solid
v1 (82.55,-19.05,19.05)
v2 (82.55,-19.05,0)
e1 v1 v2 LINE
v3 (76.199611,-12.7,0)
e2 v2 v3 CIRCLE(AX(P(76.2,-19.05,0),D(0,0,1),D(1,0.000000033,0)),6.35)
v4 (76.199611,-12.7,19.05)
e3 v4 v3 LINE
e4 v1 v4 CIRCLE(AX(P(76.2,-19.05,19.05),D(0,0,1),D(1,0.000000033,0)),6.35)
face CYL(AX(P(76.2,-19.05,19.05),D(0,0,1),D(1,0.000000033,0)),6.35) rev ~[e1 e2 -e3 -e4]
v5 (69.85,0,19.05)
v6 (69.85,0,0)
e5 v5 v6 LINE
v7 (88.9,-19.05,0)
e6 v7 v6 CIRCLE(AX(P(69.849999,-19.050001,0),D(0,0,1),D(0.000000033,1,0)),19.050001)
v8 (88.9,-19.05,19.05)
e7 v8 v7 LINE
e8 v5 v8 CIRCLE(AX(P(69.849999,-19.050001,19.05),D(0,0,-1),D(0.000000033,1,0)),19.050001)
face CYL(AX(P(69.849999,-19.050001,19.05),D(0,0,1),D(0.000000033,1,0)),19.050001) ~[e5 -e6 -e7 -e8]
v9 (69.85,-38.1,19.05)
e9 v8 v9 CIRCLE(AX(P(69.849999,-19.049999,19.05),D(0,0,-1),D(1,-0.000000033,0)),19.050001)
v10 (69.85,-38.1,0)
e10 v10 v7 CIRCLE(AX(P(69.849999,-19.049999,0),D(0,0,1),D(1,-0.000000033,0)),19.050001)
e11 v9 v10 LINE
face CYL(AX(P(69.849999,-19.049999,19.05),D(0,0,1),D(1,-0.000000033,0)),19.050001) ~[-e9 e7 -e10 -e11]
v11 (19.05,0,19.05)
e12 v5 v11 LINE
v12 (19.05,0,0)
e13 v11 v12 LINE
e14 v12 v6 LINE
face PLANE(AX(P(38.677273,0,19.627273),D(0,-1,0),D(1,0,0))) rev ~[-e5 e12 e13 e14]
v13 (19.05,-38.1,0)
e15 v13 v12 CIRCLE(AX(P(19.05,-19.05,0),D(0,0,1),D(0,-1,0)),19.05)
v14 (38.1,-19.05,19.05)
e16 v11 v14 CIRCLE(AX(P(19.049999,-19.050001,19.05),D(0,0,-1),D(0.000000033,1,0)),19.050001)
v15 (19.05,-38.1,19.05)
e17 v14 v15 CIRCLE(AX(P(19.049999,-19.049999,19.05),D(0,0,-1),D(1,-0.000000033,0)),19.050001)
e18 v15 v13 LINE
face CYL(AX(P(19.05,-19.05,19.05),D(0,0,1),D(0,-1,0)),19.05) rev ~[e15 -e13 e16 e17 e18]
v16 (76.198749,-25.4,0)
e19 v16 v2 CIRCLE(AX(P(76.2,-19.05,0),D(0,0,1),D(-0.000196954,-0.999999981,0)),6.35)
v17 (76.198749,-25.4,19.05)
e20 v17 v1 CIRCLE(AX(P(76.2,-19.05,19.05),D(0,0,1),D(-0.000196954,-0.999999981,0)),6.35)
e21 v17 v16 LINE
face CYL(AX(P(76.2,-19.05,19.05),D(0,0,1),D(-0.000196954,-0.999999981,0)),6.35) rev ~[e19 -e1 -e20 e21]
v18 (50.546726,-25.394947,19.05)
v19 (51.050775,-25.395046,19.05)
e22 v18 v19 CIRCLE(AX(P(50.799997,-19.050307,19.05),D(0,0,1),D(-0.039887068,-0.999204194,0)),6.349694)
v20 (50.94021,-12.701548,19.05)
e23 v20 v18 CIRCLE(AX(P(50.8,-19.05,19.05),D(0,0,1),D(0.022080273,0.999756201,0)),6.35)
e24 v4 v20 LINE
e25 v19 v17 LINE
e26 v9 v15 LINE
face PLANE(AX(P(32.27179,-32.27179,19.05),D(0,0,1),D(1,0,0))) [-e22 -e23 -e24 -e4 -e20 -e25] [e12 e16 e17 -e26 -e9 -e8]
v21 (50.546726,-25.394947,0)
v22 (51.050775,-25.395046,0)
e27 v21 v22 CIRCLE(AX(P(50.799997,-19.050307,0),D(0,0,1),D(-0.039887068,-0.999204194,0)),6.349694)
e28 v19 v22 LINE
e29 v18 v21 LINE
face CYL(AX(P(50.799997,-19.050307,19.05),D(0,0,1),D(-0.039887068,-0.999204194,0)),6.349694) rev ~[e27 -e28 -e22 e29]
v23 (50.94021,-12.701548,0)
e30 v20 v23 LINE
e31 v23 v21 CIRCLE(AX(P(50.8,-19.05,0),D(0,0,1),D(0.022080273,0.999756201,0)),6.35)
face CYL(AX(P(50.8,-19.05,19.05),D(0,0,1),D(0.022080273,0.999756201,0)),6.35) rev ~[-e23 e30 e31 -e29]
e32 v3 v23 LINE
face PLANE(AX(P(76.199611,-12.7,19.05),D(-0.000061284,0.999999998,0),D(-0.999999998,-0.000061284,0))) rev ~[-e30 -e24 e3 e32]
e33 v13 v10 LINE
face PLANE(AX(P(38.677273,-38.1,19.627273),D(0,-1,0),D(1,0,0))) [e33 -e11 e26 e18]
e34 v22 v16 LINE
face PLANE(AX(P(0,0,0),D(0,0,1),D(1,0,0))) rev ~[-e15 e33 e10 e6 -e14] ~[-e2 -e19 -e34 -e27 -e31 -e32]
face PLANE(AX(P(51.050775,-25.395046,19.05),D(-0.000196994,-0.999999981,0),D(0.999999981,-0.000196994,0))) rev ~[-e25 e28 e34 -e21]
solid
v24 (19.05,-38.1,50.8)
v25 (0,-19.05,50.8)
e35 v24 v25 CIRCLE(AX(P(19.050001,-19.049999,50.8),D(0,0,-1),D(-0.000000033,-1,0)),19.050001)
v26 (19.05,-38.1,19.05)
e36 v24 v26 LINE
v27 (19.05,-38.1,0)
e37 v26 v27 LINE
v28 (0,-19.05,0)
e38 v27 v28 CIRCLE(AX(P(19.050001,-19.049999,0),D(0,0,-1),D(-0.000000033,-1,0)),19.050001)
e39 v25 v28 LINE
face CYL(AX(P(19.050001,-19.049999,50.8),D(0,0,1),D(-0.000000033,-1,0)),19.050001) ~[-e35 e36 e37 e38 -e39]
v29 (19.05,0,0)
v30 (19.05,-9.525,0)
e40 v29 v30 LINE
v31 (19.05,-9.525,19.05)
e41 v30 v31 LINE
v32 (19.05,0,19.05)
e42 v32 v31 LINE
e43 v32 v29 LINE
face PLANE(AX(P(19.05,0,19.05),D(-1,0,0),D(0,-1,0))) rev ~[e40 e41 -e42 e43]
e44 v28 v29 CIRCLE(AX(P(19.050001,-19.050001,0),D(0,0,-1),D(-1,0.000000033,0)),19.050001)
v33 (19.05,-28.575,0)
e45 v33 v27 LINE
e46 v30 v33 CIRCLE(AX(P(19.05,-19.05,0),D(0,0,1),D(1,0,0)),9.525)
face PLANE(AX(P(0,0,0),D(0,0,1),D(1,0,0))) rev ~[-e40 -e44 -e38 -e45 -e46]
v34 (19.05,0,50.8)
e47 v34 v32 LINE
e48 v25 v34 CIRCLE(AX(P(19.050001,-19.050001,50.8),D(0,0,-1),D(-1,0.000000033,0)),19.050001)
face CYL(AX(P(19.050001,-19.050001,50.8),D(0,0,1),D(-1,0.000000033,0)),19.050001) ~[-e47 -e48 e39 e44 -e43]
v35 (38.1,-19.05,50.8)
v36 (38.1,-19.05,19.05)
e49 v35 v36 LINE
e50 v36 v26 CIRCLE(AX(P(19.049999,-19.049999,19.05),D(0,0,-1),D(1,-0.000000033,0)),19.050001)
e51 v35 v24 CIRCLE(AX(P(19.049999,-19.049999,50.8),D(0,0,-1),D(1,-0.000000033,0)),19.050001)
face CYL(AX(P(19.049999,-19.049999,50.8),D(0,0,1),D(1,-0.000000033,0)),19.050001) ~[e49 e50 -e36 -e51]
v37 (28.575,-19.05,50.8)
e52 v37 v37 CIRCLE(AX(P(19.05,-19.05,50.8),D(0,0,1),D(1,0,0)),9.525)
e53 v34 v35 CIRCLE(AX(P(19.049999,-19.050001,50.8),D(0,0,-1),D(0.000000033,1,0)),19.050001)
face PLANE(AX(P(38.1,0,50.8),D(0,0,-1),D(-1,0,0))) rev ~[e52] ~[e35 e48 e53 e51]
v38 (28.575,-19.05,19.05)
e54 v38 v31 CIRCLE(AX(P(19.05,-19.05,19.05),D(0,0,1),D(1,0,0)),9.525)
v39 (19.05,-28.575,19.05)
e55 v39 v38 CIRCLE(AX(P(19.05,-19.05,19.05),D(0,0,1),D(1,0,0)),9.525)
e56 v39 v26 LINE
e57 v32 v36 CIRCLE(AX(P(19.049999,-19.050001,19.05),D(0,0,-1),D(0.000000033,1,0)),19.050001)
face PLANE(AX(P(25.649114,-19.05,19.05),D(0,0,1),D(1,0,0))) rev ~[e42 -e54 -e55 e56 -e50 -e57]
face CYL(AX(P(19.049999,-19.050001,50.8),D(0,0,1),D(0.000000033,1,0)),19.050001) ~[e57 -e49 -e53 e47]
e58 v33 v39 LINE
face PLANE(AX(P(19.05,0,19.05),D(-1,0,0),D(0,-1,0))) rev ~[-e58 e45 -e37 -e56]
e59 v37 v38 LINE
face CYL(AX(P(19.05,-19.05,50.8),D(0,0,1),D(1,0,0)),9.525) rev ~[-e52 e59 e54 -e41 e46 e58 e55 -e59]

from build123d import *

# Parameters (mm, degrees)
F1_DEPTH  = 38.1
F3_DEPTH  = 50.8
F5_DEPTH  = 31.75
F7_DEPTH  = 25.4
F8_R      = 9.525
F9_DEPTH  = 63.5
F11_DEPTH = 25.4


with BuildPart() as f1:
    # F0 (on Front) → F1 (new body)
    with BuildSketch(Plane.XZ):
        Polygon((0, 50.8), (0, 0), (88.9, 0), (88.9, 19.05), (38.1, 19.05), (38.1, 50.8), align=None)
    extrude(amount=F1_DEPTH)

    # F2 (on face) → F3 (cut)
    with BuildSketch(Plane.XY.offset(50.8)):
        with BuildLine():
            ThreePointArc((19.05, -38.1), (5.579616, -32.520384), (0, -19.05))
            Line((0, -19.05), (0, -38.1))
            Line((0, -38.1), (19.05, -38.1))
        make_face()
        with BuildLine():
            ThreePointArc((0, -19.05), (5.579616, -5.579616), (19.05, 0))
            Line((19.05, 0), (0, 0))
            Line((0, 0), (0, -19.05))
        make_face()
    extrude(amount=-F3_DEPTH, mode=Mode.SUBTRACT)

    # F4 (on face) → F5 (cut)
    with BuildSketch(Plane.XY.offset(50.8)):
        with BuildLine():
            Line((38.1, -38.1), (38.1, -19.05))
            ThreePointArc((38.1, -19.05), (32.520384, -32.520384), (19.05, -38.1))
            Line((19.05, -38.1), (38.1, -38.1))
        make_face()
        with BuildLine():
            Line((38.1, 0), (19.05, 0))
            ThreePointArc((19.05, 0), (32.520384, -5.579616), (38.1, -19.05))
            Line((38.1, -19.05), (38.1, 0))
        make_face()
    extrude(amount=-F5_DEPTH, mode=Mode.SUBTRACT)

    # F6 (on face) → F7 (cut)
    with BuildSketch(Plane.XY.offset(19.05)):
        with BuildLine():
            ThreePointArc((19.05, -38.1), (38.1, -19.05), (19.05, 0))
            Line((19.05, 0), (19.05, -38.1))
        make_face()
        with BuildLine():
            Line((88.9, 0), (69.85, 0))
            ThreePointArc((69.85, 0), (83.320384, -5.579616), (88.9, -19.05))
            Line((88.9, -19.05), (88.9, 0))
        make_face()
        with BuildLine():
            ThreePointArc((88.9, -19.05), (83.320384, -32.520384), (69.85, -38.1))
            Line((69.85, -38.1), (88.9, -38.1))
            Line((88.9, -38.1), (88.9, -19.05))
        make_face()
    extrude(amount=-F7_DEPTH, mode=Mode.SUBTRACT)

    # F8 (on face) → F9 (cut)
    with BuildSketch(Plane.XY.offset(50.8)):
        with Locations((19.05, -19.05)):
            Circle(F8_R)
    extrude(amount=-F9_DEPTH, mode=Mode.SUBTRACT)

    # F10 (on face) → F11 (cut)
    with BuildSketch(Plane.XY.offset(19.05)):
        with BuildLine():
            ThreePointArc((51.050775, -25.395046), (55.377932, -23.450573), (57.15, -19.05))
            ThreePointArc((57.15, -19.05), (55.339429, -14.609721), (50.94021, -12.701548))
            ThreePointArc((50.94021, -12.701548), (44.453049, -18.85325), (50.546726, -25.394947))
            Line((50.546726, -25.394947), (51.050775, -25.395046))
        make_face()
        with BuildLine():
            ThreePointArc((50.94021, -12.701548), (55.339429, -14.609721), (57.15, -19.05))
            ThreePointArc((57.15, -19.05), (55.377932, -23.450573), (51.050775, -25.395046))
            Line((51.050775, -25.395046), (76.198749, -25.4))
            ThreePointArc((76.198749, -25.4), (69.85, -19.049569), (76.199611, -12.7))
            Line((76.199611, -12.7), (50.94021, -12.701548))
        make_face()
        with BuildLine():
            ThreePointArc((50.546726, -25.394947), (50.798749, -25.4), (51.050775, -25.395046))
            Line((51.050775, -25.395046), (50.546726, -25.394947))
        make_face()
        with BuildLine():
            ThreePointArc((82.55, -19.05), (80.68999, -14.559734), (76.199611, -12.7))
            ThreePointArc((76.199611, -12.7), (69.85, -19.049569), (76.198749, -25.4))
            ThreePointArc((76.198749, -25.4), (80.689686, -23.54057), (82.55, -19.05))
        make_face()
    extrude(amount=-F11_DEPTH, mode=Mode.SUBTRACT)


solid = f1.part
